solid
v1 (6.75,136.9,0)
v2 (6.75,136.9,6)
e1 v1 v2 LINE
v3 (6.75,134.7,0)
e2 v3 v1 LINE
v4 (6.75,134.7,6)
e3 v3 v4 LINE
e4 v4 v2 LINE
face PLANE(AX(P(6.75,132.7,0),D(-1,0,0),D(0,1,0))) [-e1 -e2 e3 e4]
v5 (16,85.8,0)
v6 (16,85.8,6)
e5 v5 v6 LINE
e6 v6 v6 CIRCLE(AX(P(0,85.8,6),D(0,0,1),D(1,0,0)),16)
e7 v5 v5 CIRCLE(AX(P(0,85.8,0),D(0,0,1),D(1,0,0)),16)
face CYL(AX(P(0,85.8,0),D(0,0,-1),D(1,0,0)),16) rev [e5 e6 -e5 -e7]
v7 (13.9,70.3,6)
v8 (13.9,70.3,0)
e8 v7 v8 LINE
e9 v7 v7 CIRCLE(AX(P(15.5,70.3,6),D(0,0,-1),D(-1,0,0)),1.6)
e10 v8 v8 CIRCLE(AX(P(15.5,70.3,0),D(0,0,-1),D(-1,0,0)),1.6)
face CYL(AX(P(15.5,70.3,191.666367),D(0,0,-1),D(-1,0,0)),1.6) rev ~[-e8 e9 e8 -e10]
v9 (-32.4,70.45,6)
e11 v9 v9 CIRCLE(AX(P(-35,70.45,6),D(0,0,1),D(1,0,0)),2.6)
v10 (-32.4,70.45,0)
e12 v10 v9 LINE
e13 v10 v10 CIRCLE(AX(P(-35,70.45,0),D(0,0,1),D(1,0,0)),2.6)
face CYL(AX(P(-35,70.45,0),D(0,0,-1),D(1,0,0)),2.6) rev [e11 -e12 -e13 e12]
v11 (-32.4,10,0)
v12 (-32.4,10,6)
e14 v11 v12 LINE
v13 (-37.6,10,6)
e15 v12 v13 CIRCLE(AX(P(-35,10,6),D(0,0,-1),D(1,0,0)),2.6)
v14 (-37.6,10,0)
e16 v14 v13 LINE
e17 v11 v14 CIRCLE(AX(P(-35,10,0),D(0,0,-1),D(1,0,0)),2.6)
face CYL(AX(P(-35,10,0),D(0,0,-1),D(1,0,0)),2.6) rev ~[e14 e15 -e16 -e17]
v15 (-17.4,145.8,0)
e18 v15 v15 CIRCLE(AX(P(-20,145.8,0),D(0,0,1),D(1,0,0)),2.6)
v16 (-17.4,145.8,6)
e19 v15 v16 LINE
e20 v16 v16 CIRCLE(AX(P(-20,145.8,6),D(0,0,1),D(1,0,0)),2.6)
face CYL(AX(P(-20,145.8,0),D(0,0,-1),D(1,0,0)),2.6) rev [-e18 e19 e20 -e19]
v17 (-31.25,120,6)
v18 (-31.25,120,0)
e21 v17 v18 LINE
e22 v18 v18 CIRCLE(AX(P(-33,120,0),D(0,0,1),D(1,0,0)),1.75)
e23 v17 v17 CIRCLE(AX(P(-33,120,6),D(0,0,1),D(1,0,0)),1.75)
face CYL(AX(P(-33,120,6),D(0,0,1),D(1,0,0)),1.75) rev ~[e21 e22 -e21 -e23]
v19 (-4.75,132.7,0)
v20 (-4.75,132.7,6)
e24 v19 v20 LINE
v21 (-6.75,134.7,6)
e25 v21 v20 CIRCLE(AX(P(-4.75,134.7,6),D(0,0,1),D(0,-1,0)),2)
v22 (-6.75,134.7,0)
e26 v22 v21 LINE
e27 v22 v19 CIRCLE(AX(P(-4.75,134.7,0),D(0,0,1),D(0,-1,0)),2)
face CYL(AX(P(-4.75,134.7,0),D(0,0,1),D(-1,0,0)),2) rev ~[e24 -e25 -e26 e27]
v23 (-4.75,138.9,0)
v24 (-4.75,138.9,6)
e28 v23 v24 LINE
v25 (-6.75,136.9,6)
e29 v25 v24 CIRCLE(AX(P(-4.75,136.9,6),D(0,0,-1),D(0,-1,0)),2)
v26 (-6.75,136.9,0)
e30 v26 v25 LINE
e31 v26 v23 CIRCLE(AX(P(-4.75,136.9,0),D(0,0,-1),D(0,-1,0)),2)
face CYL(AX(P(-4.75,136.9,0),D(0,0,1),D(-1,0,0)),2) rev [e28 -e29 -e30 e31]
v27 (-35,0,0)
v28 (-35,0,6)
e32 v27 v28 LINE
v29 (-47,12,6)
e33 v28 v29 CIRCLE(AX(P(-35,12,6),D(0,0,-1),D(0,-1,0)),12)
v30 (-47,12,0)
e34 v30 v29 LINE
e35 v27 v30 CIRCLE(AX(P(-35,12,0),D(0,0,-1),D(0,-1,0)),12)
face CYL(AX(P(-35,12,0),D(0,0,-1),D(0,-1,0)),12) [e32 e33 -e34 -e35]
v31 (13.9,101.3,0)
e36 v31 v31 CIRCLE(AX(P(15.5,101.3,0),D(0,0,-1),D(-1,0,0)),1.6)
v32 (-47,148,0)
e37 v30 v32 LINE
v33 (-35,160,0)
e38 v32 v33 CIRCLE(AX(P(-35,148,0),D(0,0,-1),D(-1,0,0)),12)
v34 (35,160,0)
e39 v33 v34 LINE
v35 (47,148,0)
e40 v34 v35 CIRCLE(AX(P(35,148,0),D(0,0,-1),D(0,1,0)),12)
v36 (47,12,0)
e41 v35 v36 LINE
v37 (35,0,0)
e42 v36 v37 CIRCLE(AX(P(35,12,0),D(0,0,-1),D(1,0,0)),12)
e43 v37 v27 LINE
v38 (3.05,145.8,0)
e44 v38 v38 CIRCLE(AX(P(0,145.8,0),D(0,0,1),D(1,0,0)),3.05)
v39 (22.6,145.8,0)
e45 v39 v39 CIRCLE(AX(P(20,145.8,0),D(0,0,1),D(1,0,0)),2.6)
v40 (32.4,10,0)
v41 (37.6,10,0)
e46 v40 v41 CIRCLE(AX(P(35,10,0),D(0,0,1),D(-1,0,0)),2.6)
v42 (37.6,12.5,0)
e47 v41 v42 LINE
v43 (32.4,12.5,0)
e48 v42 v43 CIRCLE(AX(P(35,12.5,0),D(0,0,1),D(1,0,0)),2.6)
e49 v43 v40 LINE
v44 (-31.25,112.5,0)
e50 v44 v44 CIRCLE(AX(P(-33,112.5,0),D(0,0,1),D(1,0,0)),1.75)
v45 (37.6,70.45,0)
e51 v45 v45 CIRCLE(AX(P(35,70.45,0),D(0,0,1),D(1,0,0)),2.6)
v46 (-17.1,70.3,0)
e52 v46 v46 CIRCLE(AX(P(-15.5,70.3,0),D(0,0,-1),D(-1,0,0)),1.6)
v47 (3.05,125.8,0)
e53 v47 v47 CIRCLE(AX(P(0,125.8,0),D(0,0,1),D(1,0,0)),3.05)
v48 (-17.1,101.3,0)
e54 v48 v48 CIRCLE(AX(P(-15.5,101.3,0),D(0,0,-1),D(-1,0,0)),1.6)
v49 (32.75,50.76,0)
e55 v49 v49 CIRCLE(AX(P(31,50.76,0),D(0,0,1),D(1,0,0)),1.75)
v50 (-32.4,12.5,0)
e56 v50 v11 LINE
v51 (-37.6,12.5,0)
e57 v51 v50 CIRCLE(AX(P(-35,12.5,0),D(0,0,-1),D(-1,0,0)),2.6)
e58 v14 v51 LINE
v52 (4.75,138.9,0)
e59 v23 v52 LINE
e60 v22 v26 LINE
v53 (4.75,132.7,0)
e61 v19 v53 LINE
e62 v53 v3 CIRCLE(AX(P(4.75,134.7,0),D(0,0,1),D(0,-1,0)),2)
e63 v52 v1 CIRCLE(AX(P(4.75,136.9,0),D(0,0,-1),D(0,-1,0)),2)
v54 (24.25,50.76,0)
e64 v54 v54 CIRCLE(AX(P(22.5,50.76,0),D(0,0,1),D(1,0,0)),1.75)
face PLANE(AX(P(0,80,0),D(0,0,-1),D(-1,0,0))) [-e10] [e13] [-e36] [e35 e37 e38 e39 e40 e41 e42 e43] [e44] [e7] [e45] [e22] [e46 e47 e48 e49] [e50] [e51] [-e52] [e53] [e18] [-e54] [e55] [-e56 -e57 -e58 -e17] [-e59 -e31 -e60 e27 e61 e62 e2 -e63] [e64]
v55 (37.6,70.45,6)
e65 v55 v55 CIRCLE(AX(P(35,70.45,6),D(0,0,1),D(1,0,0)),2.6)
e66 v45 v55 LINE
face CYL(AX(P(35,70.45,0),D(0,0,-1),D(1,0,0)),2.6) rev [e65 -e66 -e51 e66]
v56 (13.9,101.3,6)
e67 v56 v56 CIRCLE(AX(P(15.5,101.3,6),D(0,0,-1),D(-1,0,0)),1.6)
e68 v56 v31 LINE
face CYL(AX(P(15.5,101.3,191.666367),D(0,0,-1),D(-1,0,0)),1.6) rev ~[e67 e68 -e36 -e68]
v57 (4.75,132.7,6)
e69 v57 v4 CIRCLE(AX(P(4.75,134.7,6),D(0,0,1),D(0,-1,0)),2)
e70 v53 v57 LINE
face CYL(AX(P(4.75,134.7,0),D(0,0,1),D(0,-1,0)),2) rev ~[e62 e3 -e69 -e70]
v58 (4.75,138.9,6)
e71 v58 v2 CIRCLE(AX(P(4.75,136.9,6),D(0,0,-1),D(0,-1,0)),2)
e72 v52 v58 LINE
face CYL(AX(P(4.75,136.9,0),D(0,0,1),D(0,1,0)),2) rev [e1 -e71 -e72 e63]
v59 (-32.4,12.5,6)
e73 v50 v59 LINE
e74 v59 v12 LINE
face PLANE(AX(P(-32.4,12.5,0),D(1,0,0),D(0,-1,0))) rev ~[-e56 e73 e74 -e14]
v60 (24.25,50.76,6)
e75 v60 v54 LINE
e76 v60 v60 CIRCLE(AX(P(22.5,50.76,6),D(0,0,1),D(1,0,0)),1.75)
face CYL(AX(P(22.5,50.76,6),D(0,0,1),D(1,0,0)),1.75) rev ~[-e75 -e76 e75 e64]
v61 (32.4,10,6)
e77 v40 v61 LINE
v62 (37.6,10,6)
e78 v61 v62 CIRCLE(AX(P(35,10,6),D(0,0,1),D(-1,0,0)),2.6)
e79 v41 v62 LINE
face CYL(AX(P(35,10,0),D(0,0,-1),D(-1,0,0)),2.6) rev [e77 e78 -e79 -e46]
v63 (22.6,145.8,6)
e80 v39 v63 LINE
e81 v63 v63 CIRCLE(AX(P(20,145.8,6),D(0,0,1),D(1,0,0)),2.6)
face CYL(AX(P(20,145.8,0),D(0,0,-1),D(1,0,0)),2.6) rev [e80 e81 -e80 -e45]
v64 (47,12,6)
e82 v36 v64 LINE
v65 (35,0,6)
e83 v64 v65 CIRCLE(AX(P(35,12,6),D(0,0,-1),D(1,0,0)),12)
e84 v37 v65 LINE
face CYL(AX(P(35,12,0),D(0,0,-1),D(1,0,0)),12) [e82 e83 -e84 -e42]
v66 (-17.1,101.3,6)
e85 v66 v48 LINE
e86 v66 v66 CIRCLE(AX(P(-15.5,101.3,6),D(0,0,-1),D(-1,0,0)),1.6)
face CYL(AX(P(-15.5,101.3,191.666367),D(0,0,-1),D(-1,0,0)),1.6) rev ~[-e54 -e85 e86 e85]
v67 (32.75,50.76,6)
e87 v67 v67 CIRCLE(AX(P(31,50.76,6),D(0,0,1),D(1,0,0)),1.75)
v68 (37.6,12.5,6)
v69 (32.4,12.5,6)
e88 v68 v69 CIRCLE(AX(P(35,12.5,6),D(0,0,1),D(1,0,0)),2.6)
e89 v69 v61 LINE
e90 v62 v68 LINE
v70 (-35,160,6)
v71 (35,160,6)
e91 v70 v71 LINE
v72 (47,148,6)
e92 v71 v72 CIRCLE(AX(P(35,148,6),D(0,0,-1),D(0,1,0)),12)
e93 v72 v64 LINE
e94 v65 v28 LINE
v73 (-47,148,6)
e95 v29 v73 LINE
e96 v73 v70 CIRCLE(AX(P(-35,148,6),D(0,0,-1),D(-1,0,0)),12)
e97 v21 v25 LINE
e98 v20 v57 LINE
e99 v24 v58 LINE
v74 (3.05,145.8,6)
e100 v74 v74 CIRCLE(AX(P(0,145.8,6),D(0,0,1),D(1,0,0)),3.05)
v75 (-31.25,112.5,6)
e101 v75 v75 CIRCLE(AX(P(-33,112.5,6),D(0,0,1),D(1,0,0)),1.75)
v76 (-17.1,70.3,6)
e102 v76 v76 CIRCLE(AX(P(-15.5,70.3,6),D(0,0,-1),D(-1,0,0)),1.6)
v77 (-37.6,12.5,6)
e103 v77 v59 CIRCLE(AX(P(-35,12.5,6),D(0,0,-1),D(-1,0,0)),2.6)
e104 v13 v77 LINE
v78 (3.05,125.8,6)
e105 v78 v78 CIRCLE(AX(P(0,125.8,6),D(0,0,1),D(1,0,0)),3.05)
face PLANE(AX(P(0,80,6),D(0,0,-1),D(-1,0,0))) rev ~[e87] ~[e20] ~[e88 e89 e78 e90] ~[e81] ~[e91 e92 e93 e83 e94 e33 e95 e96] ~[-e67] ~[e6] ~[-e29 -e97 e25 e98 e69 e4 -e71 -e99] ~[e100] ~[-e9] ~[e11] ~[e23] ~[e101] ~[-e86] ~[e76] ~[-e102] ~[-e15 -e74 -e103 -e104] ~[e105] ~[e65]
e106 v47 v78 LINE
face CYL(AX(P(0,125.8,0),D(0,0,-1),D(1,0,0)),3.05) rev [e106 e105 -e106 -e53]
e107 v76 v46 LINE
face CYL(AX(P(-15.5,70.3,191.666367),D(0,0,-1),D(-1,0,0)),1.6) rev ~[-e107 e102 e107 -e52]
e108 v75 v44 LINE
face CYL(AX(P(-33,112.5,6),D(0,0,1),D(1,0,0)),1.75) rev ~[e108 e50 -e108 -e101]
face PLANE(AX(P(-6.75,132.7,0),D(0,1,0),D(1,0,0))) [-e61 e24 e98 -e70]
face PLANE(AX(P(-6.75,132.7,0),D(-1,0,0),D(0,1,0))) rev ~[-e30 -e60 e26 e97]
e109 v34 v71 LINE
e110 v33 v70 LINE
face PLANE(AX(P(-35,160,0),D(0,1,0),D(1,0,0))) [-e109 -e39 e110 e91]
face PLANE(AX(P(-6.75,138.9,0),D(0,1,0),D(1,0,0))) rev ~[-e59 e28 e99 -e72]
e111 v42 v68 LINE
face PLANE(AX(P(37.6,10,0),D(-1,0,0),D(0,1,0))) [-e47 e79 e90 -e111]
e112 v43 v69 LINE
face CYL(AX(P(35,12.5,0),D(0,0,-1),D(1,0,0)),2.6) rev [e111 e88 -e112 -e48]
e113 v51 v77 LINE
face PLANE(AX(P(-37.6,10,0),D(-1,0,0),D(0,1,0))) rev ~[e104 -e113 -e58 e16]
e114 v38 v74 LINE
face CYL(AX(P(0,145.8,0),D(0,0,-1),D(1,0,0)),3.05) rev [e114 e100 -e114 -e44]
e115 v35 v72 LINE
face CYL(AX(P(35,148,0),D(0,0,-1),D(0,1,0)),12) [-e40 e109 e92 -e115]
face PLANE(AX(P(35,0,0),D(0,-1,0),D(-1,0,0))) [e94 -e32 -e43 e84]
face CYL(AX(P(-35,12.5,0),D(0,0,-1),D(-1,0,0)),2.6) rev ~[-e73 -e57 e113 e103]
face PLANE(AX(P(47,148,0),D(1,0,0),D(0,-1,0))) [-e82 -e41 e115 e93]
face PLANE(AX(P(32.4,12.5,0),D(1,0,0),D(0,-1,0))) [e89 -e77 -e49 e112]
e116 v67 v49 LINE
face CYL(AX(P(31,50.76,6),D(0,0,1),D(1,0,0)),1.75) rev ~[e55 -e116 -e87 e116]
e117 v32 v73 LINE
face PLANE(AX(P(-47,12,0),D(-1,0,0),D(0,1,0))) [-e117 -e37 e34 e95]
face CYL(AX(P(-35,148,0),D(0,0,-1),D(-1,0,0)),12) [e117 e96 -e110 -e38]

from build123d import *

# Parameters (mm, degrees)
MODEL_R                         = 16
MODEL_R_2                       = 3.05
MODEL_R_3                       = 2.6
MODEL_W                         = 13.5
MODEL_H                         = 6.2
BASE_DEPTH                      = 6
SKETCH1_R                       = 1.75
SENSORMOUNT_DEPTH               = 167.868211472
SKETCH2_R                       = 1.75
CABLEMOUNT_DEPTH                = 10
FILLETCABLESLOT_R               = 2
F_3_2_3_2_STEPPER_MOUNT_HOLES_D = 3.2


with BuildPart() as part:
    # Model → Base (new body)
    with BuildSketch(Plane.XY):
        with BuildLine():
            Line((-35, 160), (35, 160))
            ThreePointArc((35, 160), (43.485281374, 156.485281374), (47, 148))
            Line((47, 148), (47, 12))
            ThreePointArc((47, 12), (43.485281374, 3.514718626), (35, 0))
            Line((35, 0), (-35, 0))
            ThreePointArc((-35, 0), (-43.485281374, 3.514718626), (-47, 12))
            Line((-47, 12), (-47, 148))
            ThreePointArc((-47, 148), (-43.485281374, 156.485281374), (-35, 160))
        make_face()
        with Locations((0, 85.8)):
            Circle(MODEL_R, mode=Mode.SUBTRACT)
        with Locations((0, 145.8)):
            Circle(MODEL_R_2, mode=Mode.SUBTRACT)
        with Locations((-20, 145.8)):
            Circle(MODEL_R_3, mode=Mode.SUBTRACT)
        with Locations((20, 145.8)):
            Circle(MODEL_R_3, mode=Mode.SUBTRACT)
        with Locations((-35, 70.45)):
            Circle(MODEL_R_3, mode=Mode.SUBTRACT)
        with Locations((0, 125.8)):
            Circle(MODEL_R_2, mode=Mode.SUBTRACT)
        with Locations((35, 70.45)):
            Circle(MODEL_R_3, mode=Mode.SUBTRACT)
        with BuildLine():
            Line((-32.4, 12.5), (-32.4, 10))
            ThreePointArc((-32.4, 10), (-35, 7.4), (-37.6, 10))
            Line((-37.6, 10), (-37.6, 12.5))
            ThreePointArc((-37.6, 12.5), (-35, 15.1), (-32.4, 12.5))
        make_face(mode=Mode.SUBTRACT)
        with BuildLine():
            Line((32.4, 12.5), (32.4, 10))
            ThreePointArc((32.4, 10), (35, 7.4), (37.6, 10))
            Line((37.6, 10), (37.6, 12.5))
            ThreePointArc((37.6, 12.5), (35, 15.1), (32.4, 12.5))
        make_face(mode=Mode.SUBTRACT)
        with Locations((0, 135.8)):
            Rectangle(MODEL_W, MODEL_H, mode=Mode.SUBTRACT)
    extrude(amount=BASE_DEPTH)

    # Sketch1 → SensorMount (cut, through all)
    with BuildSketch(Plane.XY.offset(6)):
        with Locations((-33, 120)):
            Circle(SKETCH1_R)
        with Locations((-33, 112.5)):
            Circle(SKETCH1_R)
    extrude(amount=-SENSORMOUNT_DEPTH, mode=Mode.SUBTRACT)

    # Sketch2 → CableMount (cut)
    with BuildSketch(Plane.XY.offset(6)):
        with Locations((22.5, 50.76)):
            Circle(SKETCH2_R)
        with Locations((31, 50.76)):
            Circle(SKETCH2_R)
    extrude(amount=-CABLEMOUNT_DEPTH, mode=Mode.SUBTRACT)

    # FilletCableSlot
    filletcableslot_edges = [part.edges().sort_by_distance(p)[0] for p in [
        (6.75, 138.9, 3),
        (-6.75, 138.9, 3),
        (-6.75, 132.7, 3),
        (6.75, 132.7, 3),
    ]]
    fillet(filletcableslot_edges, radius=FILLETCABLESLOT_R)

    # Ø3.2 (3.2) Stepper mount Holes (through all)
    with Locations(Plane.XY.offset(6)):
        with Locations((-15.5, 101.3), (-15.5, 70.3), (15.5, 70.3), (15.5, 101.3)):
            Hole(F_3_2_3_2_STEPPER_MOUNT_HOLES_D / 2)


solid = part.part
